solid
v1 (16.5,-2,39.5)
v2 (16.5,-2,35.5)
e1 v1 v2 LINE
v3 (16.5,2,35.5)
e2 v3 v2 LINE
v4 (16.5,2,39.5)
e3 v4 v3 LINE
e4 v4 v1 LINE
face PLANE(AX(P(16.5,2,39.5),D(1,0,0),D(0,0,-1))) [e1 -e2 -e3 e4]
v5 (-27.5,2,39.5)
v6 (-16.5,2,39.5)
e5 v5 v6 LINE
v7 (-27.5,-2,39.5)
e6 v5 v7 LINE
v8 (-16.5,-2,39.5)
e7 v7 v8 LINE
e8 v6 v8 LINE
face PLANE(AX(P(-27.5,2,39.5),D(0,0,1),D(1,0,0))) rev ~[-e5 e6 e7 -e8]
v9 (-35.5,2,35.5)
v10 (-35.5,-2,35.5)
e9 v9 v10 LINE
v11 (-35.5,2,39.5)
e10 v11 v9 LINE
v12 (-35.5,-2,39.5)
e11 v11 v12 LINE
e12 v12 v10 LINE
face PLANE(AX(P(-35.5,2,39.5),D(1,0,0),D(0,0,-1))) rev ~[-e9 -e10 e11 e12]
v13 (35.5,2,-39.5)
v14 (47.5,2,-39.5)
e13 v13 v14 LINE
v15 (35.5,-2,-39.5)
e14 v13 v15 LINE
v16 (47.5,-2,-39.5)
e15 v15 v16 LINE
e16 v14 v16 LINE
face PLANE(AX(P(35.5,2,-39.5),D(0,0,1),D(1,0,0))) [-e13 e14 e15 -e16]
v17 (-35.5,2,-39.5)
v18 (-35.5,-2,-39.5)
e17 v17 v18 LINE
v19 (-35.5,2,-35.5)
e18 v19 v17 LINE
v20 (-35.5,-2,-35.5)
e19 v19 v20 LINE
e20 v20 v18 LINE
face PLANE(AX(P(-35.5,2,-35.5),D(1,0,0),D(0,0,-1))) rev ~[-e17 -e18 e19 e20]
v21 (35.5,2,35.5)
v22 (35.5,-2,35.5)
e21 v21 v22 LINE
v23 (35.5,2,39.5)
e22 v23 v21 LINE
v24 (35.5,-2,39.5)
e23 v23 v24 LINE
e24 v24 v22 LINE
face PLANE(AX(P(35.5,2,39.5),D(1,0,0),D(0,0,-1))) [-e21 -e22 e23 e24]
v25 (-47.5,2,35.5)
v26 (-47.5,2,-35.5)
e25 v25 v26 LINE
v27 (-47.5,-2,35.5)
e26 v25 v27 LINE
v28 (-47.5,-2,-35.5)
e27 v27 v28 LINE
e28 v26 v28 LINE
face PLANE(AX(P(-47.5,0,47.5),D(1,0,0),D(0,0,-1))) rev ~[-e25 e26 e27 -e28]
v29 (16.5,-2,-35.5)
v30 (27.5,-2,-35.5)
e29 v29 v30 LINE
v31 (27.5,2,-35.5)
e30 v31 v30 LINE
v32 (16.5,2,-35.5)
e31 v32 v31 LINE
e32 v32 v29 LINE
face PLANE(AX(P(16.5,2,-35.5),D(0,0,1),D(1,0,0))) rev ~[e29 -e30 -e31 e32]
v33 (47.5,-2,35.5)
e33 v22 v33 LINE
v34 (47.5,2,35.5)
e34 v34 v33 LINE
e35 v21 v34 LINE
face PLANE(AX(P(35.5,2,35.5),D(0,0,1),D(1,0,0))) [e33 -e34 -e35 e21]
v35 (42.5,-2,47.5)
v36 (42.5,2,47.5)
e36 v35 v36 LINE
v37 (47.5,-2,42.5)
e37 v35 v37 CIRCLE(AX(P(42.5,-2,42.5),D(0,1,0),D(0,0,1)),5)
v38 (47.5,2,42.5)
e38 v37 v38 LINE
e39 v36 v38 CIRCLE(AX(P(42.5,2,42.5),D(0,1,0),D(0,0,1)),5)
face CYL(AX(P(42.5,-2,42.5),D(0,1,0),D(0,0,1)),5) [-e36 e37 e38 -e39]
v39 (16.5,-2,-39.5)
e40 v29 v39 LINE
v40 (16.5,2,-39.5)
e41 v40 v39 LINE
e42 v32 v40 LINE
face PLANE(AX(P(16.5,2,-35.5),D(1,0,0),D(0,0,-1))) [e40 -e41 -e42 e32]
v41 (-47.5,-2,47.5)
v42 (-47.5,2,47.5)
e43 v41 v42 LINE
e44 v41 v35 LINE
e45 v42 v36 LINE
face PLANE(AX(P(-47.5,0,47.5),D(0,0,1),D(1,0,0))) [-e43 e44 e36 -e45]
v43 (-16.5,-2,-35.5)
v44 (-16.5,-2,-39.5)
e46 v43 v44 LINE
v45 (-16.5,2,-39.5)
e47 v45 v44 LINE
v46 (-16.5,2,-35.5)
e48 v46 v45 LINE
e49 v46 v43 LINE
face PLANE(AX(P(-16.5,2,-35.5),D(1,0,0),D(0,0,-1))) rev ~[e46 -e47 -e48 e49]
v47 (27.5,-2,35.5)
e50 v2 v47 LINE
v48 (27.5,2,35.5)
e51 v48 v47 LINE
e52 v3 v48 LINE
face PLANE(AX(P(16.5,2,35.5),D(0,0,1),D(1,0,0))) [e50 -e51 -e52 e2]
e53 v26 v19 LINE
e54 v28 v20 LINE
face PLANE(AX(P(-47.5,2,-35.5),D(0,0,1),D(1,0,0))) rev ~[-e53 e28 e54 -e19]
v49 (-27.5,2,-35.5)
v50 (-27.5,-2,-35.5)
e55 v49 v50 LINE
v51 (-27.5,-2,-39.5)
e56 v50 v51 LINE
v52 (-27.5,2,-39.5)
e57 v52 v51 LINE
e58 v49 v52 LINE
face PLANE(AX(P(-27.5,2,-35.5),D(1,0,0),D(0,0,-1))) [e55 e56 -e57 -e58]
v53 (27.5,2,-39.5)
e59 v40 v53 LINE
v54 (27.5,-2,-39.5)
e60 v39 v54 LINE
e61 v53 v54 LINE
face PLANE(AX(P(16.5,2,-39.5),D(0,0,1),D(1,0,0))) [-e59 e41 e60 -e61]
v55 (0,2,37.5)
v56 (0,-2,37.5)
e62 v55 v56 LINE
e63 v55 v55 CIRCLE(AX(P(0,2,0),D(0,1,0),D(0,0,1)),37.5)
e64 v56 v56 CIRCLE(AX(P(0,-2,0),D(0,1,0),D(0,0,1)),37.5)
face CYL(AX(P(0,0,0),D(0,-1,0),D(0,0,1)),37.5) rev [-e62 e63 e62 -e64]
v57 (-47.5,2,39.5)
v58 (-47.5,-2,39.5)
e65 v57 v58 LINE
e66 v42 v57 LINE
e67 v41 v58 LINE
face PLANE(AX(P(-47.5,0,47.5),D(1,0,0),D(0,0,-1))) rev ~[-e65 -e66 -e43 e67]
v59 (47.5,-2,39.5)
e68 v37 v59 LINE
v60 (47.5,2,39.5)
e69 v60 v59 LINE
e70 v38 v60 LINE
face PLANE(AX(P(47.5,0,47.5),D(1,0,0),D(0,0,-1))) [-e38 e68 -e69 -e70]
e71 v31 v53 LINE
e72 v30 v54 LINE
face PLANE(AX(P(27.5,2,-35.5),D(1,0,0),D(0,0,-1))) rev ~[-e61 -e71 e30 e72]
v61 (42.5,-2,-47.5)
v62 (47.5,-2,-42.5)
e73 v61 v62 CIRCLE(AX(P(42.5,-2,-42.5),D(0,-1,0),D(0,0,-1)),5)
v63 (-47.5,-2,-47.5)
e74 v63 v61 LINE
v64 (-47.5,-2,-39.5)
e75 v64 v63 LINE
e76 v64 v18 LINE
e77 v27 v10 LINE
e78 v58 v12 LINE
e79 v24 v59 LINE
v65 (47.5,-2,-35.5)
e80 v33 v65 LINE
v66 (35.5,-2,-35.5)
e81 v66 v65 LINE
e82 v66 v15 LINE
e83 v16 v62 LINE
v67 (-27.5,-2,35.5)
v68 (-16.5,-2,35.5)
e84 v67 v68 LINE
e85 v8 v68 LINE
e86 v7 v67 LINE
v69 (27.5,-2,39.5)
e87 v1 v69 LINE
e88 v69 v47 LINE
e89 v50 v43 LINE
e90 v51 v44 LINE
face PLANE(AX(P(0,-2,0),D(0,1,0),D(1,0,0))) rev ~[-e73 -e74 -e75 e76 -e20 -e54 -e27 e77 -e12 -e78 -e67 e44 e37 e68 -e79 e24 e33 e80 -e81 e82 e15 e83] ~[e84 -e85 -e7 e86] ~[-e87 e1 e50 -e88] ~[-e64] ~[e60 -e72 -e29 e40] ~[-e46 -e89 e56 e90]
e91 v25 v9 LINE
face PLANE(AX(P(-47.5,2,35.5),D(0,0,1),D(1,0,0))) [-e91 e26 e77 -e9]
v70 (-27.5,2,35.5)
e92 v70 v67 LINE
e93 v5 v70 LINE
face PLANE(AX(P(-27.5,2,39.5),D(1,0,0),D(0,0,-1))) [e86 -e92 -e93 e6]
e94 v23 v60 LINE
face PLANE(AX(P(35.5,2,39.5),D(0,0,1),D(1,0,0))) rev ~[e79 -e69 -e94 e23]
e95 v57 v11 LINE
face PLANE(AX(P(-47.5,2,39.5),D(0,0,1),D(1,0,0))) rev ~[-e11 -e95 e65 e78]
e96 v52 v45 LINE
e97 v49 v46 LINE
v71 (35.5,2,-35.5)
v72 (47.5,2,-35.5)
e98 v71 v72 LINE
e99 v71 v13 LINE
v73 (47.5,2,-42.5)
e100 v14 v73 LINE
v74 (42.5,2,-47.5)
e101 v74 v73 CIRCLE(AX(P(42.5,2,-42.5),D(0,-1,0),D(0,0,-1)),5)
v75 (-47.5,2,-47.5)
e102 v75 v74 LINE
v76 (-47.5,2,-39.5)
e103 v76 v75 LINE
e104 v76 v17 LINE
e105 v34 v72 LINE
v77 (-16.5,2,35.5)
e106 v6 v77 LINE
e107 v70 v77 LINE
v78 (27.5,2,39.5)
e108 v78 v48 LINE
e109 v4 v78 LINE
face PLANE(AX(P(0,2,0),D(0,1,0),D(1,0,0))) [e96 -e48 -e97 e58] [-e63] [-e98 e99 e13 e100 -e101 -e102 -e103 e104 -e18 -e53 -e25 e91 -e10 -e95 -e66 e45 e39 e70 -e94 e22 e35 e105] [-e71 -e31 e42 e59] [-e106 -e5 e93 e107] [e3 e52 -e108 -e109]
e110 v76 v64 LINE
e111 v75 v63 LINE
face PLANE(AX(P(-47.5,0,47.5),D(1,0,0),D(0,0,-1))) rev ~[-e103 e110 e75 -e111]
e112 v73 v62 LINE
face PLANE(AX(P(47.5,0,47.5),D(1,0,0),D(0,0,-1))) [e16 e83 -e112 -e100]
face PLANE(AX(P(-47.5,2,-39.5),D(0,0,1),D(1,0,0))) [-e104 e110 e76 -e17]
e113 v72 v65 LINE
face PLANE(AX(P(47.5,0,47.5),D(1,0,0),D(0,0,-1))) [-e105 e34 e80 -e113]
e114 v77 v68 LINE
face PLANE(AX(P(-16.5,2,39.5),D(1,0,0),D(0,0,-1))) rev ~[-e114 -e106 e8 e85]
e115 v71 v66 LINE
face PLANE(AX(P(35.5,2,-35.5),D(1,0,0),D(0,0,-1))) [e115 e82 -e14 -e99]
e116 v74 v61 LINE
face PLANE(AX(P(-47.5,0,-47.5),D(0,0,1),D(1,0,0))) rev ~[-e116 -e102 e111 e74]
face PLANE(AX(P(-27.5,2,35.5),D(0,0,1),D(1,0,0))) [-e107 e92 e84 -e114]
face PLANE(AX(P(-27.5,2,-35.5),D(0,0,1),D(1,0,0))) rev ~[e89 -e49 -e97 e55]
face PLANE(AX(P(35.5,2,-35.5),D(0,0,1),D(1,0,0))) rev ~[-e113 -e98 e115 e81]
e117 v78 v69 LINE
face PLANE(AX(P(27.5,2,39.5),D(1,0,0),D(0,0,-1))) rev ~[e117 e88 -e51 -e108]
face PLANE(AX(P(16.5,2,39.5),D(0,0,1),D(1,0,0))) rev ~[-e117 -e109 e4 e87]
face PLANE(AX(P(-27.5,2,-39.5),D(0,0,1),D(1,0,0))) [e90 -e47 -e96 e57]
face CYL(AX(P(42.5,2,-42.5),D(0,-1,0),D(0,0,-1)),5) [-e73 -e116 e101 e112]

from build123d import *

# Parameters (mm, degrees)
SKETCH1_W           = 95
SKETCH1_H           = 95
SKETCH1_R           = 37.5
BOSS_EXTRUDE1_DEPTH = 2
SKETCH3_W           = 12
SKETCH3_H           = 4
SKETCH3_W_2         = 11
CUT_EXTRUDE5_DEPTH  = 68.294130502
FILLET1_R           = 5


with BuildPart() as part:
    # Sketch1 → Boss-Extrude1 (new, symmetric)
    with BuildSketch(Plane(origin=(0, 0, 0), x_dir=(1, 0, 0), z_dir=(0, 1, 0))):
        Rectangle(SKETCH1_W, SKETCH1_H)
        Circle(SKETCH1_R, mode=Mode.SUBTRACT)
    extrude(amount=BOSS_EXTRUDE1_DEPTH, both=True)

    # Sketch3 → Cut-Extrude5 (cut, through all)
    with BuildSketch(Plane(origin=(0, 2, 0), x_dir=(1, 0, 0), z_dir=(0, 1, 0))):
        with Locations((-41.5, -37.5)):
            Rectangle(SKETCH3_W, SKETCH3_H)
        with Locations((-41.5, 37.5)):
            Rectangle(SKETCH3_W, SKETCH3_H)
        with Locations((22, 37.5)):
            Rectangle(SKETCH3_W_2, SKETCH3_H)
        with Locations((41.5, -37.5)):
            Rectangle(SKETCH3_W, SKETCH3_H)
        with Locations((41.5, 37.5)):
            Rectangle(SKETCH3_W, SKETCH3_H)
        with Locations((22, -37.5)):
            Rectangle(SKETCH3_W_2, SKETCH3_H)
        with Locations((-22, -37.5)):
            Rectangle(SKETCH3_W_2, SKETCH3_H)
        with Locations((-22, 37.5)):
            Rectangle(SKETCH3_W_2, SKETCH3_H)
    extrude(amount=-CUT_EXTRUDE5_DEPTH, mode=Mode.SUBTRACT)

    # Fillet1
    fillet1_edges = [part.edges().sort_by_distance(p)[0] for p in [
        (47.5, 0, -47.5),
        (47.5, 0, 47.5),
    ]]
    fillet(fillet1_edges, radius=FILLET1_R)


solid = part.part
